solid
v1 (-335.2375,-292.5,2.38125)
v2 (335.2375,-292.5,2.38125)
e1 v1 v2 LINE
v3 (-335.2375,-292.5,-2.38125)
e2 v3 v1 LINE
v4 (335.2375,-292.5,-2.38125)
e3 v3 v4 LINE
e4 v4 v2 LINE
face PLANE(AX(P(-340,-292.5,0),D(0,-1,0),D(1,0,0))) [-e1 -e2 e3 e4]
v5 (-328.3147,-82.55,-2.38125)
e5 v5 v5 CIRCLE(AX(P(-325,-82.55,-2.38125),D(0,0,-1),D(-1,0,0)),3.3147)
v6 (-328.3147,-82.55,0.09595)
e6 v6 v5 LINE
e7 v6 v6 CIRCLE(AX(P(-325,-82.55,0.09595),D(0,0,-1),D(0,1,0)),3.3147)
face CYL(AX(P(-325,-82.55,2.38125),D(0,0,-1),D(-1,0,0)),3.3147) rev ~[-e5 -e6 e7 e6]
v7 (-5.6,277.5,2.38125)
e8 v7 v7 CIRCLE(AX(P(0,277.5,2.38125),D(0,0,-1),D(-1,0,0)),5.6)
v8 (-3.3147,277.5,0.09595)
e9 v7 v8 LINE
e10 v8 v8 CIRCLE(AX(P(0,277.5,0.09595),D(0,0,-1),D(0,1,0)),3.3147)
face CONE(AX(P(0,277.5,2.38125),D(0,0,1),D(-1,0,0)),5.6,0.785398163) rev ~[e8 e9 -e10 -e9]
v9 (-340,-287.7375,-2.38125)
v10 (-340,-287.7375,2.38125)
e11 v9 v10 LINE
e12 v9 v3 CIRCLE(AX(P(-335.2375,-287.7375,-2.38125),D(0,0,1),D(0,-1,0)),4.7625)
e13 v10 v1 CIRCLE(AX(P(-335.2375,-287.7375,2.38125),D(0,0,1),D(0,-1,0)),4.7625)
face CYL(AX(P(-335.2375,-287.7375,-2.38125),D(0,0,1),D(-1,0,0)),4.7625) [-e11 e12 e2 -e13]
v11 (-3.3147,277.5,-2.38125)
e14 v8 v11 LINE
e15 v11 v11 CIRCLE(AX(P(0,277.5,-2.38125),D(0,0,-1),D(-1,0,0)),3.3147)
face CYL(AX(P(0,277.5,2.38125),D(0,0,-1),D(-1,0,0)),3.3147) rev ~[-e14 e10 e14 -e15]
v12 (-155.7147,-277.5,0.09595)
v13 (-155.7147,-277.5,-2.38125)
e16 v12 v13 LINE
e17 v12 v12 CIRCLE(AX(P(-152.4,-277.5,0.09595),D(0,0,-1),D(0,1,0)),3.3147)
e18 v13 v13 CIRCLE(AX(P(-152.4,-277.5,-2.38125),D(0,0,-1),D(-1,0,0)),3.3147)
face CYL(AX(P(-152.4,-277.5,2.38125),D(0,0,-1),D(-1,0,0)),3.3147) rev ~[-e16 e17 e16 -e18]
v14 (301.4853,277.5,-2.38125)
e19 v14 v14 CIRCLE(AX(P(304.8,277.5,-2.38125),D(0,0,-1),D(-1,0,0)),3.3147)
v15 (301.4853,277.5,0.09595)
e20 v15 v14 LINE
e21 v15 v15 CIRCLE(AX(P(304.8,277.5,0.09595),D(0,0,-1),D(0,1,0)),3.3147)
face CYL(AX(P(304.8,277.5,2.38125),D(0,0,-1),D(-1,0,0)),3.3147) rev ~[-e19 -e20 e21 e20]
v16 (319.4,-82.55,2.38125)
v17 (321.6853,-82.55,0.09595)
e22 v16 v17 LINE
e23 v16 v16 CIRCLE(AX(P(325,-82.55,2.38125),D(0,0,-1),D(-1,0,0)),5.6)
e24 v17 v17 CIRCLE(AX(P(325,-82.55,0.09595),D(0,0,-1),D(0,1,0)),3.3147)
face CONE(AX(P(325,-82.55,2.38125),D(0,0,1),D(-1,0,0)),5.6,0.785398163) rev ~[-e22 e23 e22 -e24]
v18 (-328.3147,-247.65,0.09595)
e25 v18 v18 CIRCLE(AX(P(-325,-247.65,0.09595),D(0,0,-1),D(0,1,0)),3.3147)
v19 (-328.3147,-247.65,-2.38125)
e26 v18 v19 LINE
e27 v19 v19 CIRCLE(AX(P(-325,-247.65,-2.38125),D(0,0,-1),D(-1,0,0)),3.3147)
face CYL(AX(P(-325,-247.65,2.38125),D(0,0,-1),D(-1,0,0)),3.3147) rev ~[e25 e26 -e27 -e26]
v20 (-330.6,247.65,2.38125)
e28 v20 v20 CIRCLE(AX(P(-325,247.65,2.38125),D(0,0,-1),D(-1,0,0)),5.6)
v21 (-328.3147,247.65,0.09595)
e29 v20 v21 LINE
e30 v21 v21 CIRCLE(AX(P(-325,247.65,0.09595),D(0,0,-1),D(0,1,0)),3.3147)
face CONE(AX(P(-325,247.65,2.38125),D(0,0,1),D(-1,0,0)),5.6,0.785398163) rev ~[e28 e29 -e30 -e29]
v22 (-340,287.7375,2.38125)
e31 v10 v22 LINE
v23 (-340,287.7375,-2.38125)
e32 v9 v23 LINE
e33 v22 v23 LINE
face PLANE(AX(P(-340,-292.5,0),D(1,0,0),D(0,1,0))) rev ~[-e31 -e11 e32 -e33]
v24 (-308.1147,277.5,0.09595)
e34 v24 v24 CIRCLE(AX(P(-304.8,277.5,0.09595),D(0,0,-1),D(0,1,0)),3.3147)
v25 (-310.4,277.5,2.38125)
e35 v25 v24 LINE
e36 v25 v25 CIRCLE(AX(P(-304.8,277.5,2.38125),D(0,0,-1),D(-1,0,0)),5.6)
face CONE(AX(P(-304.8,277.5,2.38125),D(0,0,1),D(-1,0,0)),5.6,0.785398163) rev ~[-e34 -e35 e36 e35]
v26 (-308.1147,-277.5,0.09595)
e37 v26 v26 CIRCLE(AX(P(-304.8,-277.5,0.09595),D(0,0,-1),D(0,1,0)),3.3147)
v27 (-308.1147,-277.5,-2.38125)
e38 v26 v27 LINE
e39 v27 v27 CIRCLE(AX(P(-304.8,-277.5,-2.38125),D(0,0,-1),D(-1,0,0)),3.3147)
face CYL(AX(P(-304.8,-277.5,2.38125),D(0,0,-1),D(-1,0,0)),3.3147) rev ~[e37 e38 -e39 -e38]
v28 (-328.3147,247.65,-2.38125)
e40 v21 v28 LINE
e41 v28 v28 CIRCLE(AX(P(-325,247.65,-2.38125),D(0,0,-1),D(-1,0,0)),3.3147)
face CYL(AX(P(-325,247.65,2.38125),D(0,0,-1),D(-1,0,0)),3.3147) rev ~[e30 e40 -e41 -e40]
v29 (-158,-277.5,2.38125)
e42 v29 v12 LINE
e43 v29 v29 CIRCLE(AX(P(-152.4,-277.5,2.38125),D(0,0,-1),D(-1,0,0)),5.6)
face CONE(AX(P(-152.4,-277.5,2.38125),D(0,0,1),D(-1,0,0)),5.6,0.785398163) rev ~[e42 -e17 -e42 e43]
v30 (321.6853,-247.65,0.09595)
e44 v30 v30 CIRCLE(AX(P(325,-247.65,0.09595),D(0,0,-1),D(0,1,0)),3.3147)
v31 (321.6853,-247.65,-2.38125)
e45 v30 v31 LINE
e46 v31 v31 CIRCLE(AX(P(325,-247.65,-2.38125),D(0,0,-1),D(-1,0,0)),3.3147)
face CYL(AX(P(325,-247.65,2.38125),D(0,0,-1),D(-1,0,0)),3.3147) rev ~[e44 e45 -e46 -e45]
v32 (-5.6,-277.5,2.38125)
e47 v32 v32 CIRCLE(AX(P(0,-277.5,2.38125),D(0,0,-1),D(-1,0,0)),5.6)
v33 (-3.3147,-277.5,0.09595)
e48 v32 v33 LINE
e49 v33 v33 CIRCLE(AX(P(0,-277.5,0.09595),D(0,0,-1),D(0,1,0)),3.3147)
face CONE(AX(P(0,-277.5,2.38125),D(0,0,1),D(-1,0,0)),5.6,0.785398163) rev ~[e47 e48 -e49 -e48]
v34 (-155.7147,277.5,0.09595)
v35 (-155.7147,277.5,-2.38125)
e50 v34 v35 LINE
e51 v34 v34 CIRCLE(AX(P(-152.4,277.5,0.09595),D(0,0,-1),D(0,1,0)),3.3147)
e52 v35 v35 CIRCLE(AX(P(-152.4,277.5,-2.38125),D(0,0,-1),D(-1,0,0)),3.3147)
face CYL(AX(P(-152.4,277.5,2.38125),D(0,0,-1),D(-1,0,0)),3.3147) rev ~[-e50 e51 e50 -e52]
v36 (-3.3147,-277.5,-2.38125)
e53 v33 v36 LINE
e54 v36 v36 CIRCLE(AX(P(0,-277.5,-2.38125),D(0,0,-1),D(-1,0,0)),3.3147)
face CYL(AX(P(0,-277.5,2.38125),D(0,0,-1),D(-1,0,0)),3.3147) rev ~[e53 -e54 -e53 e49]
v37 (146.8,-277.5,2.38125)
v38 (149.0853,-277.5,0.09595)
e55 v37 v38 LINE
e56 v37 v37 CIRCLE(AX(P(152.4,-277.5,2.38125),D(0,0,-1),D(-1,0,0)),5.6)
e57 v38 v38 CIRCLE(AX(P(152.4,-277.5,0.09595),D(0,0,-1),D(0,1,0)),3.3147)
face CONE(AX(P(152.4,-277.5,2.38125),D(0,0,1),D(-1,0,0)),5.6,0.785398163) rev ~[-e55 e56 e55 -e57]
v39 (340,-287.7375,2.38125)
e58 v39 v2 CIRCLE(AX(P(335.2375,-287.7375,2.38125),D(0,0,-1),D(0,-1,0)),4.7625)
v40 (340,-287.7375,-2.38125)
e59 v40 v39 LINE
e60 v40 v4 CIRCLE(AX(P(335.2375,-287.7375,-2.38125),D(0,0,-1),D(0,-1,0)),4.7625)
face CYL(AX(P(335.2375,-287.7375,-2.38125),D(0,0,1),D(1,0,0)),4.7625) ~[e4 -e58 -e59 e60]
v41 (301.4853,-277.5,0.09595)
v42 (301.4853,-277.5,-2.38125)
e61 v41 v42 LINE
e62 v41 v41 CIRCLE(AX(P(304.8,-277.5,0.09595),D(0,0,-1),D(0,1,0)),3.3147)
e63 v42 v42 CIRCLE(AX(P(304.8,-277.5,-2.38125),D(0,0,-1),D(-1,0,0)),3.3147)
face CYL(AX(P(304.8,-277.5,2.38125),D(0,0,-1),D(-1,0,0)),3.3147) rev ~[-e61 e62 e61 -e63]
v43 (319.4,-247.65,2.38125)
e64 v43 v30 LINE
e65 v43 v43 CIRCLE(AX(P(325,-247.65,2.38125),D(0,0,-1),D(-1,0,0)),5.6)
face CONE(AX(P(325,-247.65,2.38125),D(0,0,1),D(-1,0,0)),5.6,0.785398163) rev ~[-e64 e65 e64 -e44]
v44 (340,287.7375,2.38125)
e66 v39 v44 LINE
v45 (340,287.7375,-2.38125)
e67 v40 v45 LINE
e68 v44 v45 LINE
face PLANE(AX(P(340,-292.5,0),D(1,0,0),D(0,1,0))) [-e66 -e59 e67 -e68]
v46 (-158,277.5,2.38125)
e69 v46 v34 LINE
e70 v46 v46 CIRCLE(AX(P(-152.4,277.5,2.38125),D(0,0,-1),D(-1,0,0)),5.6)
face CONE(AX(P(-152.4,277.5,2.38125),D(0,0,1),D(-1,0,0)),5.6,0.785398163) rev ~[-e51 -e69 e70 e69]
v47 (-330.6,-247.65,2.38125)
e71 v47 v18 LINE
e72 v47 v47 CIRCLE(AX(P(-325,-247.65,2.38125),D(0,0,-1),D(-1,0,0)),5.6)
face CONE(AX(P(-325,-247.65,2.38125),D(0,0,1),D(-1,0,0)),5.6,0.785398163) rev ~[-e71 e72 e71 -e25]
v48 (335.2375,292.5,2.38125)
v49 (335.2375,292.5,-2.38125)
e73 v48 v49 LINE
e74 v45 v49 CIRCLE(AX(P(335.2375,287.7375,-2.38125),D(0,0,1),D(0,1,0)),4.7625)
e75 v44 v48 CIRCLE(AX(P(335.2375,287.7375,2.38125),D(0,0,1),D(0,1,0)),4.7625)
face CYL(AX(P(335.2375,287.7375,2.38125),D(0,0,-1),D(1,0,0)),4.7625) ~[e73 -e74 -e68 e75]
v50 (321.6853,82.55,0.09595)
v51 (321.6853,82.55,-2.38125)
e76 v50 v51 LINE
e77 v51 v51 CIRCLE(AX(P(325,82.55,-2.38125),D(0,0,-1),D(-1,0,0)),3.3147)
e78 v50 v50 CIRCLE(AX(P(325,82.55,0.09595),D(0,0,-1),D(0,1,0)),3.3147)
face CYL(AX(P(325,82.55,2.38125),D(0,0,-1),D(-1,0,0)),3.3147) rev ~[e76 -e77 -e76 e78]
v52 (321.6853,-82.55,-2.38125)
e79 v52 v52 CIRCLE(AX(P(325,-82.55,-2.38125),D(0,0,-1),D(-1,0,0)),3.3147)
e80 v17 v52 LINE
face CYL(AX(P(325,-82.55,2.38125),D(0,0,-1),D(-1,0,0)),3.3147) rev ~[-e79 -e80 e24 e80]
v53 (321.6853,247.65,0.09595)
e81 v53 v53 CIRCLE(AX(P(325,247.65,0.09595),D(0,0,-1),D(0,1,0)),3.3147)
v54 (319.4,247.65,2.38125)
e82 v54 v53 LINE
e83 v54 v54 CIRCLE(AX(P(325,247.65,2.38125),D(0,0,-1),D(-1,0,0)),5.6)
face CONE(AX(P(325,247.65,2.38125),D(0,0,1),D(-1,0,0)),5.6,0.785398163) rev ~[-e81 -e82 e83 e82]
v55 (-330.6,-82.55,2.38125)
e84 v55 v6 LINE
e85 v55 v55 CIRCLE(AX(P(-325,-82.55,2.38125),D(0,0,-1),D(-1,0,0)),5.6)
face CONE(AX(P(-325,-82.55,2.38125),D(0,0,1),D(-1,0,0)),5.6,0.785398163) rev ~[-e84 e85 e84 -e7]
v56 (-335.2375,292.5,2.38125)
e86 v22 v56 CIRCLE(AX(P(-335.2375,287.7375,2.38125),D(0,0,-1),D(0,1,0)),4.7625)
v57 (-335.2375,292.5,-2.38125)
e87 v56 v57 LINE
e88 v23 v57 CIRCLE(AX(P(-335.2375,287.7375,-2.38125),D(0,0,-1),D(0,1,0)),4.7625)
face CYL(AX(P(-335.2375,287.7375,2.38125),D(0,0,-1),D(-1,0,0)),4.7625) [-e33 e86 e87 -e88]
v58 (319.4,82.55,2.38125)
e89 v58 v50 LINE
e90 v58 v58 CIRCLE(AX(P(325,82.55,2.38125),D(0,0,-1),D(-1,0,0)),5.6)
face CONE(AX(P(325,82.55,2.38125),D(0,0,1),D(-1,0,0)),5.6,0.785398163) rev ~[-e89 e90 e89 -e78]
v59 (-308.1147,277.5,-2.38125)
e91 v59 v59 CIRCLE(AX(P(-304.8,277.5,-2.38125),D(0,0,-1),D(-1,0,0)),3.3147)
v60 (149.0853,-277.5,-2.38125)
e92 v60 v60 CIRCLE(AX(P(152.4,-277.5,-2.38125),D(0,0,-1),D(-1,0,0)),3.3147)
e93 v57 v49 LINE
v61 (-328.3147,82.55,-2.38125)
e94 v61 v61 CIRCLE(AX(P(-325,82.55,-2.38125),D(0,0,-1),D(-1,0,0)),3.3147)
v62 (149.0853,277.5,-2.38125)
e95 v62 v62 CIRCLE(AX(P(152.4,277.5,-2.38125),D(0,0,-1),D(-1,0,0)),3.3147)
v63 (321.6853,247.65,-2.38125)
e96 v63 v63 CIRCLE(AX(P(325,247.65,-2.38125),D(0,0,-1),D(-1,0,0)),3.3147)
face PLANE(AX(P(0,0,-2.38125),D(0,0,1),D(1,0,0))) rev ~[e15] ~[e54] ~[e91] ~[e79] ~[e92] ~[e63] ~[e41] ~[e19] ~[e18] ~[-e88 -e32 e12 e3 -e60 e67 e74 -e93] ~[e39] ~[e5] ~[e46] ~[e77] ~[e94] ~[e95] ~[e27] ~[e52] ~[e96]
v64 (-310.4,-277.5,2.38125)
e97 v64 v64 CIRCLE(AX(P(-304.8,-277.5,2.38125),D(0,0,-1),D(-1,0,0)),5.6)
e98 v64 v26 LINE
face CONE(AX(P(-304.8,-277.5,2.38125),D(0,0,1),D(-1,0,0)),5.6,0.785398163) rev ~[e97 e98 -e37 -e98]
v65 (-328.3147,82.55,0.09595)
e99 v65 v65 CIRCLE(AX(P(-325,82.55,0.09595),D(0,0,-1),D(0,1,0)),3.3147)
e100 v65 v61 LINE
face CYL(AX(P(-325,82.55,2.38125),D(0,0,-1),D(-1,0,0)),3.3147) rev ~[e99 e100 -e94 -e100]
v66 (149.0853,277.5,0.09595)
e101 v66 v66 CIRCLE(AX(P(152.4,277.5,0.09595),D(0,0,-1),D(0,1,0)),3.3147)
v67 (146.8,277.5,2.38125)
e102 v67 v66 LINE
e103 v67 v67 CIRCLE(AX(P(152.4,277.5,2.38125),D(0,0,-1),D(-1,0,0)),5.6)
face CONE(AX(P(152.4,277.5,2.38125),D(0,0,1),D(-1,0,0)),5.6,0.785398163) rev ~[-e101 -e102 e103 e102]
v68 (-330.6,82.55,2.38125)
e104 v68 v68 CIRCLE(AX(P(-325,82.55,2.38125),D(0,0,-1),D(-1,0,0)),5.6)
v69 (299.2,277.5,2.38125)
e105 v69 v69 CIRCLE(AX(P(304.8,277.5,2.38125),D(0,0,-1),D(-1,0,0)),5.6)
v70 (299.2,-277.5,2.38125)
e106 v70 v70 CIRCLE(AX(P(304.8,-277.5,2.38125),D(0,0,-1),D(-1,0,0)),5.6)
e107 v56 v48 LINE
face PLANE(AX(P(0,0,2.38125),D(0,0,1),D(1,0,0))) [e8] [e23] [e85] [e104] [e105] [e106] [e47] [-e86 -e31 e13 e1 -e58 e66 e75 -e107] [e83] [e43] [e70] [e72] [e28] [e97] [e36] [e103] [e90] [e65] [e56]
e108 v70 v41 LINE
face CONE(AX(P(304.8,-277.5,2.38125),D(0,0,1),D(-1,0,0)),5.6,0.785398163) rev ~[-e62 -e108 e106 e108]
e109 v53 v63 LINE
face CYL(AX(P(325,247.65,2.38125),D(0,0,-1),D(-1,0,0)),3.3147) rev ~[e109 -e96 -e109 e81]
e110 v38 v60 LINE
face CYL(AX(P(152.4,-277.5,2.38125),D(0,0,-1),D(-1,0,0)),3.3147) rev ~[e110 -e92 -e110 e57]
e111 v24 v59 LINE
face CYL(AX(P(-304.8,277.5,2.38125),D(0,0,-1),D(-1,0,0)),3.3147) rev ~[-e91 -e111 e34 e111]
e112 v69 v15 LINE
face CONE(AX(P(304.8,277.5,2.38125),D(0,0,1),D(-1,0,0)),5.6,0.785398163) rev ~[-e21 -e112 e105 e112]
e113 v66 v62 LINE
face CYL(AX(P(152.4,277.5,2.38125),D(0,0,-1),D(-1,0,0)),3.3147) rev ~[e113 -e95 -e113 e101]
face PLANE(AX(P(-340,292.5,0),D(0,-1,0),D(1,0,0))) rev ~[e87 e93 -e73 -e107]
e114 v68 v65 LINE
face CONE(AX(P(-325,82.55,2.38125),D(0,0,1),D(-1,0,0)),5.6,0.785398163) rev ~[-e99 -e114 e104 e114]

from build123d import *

# Parameters (mm, degrees)
F0_W           = 680
F0_H           = 585
F1_DEPTH       = 2.38125
F2_R           = 4.7625
F4_D           = 6.6294
F4_CSINK_D     = 11.2
F4_CSINK_ANGLE = 90


with BuildPart() as f1:
    # F0 (on Top) → F1 (new body, symmetric)
    with BuildSketch(Plane.XY):
        Rectangle(F0_W, F0_H)
    extrude(amount=F1_DEPTH, both=True)

    # F2
    f2_edges = [f1.edges().sort_by_distance(p)[0] for p in [
        (340, 292.5, 0),
        (340, -292.5, 0),
        (-340, -292.5, 0),
        (-340, 292.5, 0),
    ]]
    fillet(f2_edges, radius=F2_R)

    # F4 (through all)
    with Locations(Plane.XY.offset(2.38125)):
        with Locations((-325, 82.55), (-325, 247.65), (-325, -82.55), (-325, -247.65), (-304.8, -277.5), (-152.4, -277.5), (0, -277.5), (152.4, -277.5), (304.8, -277.5), (325, -247.65), (325, -82.55), (325, 82.55), (325, 247.65), (304.8, 277.5), (152.4, 277.5), (0, 277.5), (-152.4, 277.5), (-304.8, 277.5)):
            CounterSinkHole(F4_D / 2, F4_CSINK_D / 2, counter_sink_angle=F4_CSINK_ANGLE)


solid = f1.part
